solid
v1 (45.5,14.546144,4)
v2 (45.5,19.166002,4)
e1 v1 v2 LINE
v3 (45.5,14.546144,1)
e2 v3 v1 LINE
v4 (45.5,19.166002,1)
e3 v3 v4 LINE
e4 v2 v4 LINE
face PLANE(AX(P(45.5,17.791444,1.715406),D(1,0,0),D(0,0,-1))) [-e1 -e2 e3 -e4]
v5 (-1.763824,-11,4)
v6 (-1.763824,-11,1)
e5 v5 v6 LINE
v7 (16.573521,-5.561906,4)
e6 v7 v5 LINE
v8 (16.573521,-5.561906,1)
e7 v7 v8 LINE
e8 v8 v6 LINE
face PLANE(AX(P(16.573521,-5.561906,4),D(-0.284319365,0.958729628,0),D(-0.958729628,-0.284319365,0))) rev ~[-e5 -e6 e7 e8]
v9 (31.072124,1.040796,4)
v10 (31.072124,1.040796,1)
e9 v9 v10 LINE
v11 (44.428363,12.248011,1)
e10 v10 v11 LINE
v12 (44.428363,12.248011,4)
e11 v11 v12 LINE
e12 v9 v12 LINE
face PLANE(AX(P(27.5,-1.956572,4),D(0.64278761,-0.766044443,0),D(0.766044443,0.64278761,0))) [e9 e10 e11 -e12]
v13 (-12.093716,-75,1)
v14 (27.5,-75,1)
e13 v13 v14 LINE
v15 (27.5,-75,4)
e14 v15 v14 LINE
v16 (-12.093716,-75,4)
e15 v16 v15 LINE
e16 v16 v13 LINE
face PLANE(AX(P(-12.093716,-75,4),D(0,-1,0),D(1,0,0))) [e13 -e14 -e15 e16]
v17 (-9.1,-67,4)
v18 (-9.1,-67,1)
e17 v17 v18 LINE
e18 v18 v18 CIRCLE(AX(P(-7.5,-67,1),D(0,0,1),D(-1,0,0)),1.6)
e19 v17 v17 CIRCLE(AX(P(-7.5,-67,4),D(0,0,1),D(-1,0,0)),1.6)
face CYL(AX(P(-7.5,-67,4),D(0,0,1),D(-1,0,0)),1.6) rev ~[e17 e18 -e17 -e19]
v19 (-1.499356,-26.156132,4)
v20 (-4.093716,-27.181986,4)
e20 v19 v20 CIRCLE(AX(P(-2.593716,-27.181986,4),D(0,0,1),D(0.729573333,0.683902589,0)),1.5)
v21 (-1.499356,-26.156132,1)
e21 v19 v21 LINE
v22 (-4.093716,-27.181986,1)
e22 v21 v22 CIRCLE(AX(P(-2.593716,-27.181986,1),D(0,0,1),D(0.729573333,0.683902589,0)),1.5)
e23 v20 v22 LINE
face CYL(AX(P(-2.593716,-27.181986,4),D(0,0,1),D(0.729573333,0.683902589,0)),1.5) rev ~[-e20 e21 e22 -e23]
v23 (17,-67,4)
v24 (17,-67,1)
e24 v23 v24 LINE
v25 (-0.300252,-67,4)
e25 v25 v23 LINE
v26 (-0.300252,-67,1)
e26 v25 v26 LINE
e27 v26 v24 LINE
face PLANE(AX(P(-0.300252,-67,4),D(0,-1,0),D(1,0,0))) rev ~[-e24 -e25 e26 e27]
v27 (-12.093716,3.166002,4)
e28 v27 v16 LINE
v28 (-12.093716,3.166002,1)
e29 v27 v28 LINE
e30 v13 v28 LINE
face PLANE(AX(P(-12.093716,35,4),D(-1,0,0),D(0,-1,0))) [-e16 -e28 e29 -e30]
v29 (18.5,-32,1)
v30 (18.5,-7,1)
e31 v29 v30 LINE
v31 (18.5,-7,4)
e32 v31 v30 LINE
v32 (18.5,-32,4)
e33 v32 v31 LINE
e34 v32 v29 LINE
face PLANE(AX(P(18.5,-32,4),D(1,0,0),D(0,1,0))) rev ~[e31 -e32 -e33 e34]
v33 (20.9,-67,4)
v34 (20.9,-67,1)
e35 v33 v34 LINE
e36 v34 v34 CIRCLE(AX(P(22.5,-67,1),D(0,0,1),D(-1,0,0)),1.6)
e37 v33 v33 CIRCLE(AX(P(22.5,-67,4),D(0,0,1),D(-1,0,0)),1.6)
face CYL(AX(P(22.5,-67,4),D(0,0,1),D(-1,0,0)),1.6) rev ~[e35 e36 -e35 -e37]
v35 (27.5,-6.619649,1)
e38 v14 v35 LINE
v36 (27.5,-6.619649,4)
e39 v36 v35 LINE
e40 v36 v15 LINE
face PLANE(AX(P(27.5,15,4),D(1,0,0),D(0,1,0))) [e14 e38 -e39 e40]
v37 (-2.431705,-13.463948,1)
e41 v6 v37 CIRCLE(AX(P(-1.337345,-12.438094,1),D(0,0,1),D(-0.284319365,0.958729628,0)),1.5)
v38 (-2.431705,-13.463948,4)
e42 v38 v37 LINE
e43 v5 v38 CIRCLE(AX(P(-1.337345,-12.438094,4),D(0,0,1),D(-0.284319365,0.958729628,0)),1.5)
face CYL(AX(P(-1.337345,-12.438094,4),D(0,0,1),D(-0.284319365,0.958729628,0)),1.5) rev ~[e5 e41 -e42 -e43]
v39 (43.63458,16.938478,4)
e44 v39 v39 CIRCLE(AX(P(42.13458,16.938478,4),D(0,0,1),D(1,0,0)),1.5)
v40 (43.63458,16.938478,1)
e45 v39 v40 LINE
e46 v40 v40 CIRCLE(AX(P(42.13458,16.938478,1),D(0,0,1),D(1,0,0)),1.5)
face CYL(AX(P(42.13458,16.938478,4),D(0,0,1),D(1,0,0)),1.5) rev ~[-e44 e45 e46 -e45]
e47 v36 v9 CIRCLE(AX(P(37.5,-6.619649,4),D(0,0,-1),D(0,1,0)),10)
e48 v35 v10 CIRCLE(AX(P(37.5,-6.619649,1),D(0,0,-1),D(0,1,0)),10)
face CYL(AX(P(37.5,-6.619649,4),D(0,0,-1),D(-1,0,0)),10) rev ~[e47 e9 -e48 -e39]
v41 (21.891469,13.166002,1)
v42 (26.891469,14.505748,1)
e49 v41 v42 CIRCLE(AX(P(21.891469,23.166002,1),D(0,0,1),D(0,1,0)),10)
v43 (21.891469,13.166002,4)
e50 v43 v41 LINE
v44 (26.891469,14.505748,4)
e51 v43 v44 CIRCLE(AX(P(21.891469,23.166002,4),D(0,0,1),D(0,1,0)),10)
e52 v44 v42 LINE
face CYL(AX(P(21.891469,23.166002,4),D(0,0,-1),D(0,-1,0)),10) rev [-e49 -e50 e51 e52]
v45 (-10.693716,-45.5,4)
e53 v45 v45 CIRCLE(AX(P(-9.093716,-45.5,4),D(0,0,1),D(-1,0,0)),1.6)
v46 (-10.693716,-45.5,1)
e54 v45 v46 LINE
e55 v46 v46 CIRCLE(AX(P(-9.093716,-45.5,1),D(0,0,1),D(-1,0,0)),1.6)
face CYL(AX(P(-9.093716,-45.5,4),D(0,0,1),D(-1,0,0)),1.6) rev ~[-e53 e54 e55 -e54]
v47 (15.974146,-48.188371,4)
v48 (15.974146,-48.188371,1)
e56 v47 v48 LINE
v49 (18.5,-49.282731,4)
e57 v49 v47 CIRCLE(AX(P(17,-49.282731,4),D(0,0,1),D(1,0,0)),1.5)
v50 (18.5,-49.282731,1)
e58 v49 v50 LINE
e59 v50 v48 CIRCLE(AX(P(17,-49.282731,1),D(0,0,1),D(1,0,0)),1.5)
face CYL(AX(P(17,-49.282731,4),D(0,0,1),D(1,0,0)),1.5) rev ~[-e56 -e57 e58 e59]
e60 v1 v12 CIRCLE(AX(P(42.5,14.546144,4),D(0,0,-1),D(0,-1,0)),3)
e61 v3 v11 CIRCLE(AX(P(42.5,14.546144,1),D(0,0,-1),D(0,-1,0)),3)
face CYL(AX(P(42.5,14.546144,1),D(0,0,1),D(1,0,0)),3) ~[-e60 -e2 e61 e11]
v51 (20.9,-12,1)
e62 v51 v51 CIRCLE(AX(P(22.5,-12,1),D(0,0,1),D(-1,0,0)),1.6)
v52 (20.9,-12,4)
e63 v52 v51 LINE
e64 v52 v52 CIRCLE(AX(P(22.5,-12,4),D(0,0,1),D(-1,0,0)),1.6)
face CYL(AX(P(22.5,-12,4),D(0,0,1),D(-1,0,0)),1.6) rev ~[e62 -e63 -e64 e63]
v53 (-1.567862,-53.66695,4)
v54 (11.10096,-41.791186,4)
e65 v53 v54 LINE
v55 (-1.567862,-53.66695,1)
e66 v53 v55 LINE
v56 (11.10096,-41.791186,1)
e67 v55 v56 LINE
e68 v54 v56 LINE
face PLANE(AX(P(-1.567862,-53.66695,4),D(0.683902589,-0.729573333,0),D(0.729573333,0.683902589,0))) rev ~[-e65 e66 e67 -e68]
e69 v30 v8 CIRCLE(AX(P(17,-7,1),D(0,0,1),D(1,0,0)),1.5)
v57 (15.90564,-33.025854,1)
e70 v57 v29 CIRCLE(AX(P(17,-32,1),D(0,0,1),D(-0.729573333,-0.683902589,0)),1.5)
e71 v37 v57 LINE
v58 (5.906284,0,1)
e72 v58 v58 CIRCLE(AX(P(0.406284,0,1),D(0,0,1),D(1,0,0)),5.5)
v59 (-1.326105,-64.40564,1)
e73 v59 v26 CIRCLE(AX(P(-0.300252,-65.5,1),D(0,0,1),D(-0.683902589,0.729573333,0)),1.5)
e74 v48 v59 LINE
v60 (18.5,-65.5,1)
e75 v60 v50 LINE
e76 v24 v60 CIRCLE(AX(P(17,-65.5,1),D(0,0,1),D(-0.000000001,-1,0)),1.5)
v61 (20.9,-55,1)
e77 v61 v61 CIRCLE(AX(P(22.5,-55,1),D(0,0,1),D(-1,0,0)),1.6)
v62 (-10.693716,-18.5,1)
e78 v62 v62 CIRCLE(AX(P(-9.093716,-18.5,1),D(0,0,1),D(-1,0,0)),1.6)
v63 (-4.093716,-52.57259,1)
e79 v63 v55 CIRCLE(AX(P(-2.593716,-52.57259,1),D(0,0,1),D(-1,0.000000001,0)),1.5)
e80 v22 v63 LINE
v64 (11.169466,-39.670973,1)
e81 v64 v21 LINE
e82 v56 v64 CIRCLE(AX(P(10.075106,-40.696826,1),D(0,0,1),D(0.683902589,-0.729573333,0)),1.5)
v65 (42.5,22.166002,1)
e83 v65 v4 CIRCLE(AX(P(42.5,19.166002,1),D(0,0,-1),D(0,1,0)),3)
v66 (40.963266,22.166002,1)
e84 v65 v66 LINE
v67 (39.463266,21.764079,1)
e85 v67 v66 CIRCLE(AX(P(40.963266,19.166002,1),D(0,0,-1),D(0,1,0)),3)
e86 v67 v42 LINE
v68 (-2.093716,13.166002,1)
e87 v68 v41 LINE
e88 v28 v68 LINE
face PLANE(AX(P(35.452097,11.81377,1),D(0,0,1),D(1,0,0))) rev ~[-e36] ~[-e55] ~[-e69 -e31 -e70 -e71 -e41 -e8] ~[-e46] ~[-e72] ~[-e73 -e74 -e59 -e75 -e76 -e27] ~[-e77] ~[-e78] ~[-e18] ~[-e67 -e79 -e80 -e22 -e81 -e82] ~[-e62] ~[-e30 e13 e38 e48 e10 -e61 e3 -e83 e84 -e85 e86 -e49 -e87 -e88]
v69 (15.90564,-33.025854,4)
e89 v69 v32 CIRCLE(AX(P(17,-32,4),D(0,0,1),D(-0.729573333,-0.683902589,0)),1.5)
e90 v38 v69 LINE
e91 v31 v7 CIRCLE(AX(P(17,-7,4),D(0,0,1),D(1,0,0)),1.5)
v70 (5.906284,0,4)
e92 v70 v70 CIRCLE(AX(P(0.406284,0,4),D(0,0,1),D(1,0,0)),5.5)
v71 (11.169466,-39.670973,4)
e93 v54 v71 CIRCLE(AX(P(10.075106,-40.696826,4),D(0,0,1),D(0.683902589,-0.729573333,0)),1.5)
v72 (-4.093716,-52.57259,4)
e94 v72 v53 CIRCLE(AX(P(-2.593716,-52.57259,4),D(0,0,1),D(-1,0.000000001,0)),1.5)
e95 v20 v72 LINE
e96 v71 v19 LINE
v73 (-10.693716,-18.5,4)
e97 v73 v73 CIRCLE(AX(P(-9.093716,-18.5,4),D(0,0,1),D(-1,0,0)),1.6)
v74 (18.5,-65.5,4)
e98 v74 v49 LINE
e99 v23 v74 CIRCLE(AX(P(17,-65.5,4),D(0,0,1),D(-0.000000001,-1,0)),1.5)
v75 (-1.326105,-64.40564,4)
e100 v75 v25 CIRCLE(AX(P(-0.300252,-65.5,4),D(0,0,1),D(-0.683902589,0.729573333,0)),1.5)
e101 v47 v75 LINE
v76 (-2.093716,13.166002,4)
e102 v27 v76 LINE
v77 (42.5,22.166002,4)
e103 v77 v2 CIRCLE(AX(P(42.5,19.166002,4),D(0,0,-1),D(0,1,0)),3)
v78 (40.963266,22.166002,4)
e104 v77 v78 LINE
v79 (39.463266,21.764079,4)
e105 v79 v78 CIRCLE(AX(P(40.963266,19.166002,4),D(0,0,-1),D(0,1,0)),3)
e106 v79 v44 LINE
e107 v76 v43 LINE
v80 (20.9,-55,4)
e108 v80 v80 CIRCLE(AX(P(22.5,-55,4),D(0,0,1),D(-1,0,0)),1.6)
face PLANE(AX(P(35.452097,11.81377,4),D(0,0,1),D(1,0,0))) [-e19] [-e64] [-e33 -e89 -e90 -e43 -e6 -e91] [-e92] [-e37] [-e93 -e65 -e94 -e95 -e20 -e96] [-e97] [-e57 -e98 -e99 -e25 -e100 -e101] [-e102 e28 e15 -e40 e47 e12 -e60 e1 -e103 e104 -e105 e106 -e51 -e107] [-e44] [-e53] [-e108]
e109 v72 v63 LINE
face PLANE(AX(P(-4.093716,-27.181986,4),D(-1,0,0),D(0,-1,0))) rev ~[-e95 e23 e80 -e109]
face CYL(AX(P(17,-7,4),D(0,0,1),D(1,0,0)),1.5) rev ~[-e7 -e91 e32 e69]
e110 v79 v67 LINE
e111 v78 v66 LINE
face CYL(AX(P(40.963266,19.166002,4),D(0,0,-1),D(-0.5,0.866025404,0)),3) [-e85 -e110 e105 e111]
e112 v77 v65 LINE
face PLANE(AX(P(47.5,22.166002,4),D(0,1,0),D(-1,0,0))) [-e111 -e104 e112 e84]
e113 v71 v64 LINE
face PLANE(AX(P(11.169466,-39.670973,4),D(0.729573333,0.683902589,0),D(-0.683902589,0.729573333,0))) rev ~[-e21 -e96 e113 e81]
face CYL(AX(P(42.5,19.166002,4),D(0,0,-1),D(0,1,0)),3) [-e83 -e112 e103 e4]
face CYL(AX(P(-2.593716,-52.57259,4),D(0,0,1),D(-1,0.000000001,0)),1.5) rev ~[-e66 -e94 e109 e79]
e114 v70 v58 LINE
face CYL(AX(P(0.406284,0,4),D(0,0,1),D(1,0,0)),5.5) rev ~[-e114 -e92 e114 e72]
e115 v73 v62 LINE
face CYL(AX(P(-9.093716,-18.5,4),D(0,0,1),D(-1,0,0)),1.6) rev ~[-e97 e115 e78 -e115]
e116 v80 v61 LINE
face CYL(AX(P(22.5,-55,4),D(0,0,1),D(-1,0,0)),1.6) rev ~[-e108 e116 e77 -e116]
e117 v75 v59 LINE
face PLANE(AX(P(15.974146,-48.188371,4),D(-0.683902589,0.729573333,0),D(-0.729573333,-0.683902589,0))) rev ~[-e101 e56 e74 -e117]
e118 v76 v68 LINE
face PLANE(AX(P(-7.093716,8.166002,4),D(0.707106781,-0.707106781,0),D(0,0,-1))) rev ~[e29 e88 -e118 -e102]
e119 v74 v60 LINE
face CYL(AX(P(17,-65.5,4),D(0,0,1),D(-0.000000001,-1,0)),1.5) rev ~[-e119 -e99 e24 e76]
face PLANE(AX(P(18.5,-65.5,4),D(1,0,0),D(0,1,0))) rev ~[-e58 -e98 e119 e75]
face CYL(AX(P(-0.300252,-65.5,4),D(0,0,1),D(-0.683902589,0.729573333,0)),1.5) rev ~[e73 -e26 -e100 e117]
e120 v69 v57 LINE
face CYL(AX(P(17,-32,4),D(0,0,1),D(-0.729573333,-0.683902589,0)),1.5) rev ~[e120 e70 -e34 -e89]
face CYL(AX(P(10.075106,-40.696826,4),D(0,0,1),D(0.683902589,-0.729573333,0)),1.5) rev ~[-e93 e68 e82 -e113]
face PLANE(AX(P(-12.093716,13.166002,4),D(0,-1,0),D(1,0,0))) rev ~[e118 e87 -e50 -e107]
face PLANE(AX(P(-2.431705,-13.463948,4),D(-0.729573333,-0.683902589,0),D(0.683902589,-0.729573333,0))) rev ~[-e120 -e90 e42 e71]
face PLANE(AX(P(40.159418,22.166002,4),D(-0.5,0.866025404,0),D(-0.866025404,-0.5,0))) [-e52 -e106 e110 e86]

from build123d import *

# Parameters (mm, degrees)
SKETCH_1_R          = 1.6
SKETCH_1_R_2        = 6.075
EXTRUDE_1_DEPTH     = 3
SKETCH_6_R          = 6.075
SKETCH_6_R_2        = 5.5
EXTRUDE_3_DEPTH     = 3
CUT_EXTRUDE_3_DEPTH = 10
EXTRUDE_4_DEPTH     = 3
CUT_EXTRUDE_4_DEPTH = 10
EXTRUDE_5_DEPTH     = 3
SKETCH_11_R         = 1.5
CUT_EXTRUDE_5_DEPTH = 10
SKETCH1_W           = 13.017216885
SKETCH1_H           = 13.916417238
CUT_EXTRUDE1_DEPTH  = 2
CHAMFER1_SIZE       = 10
FILLET1_R           = 10
FILLET2_R           = 3


with BuildPart() as part:
    # 草图1 → 凸台-拉伸1 (new body)
    with BuildSketch(Plane.XY.offset(4)):
        Polygon((27.5, -75), (27.5, -38.070079149), (27.5, 15), (-12.093715748, 15), (-12.093715748, -75), align=None)
        with Locations(Location((22.5, -12, 0), (0, 0, 180))):
            Circle(SKETCH_1_R, mode=Mode.SUBTRACT)
        with Locations(Location((22.5, -55, 0), (0, 0, 180))):
            Circle(SKETCH_1_R, mode=Mode.SUBTRACT)
        with Locations(Location((22.5, -67, 0), (0, 0, 180))):
            Circle(SKETCH_1_R, mode=Mode.SUBTRACT)
        with Locations(Location((-7.5, -67, 0), (0, 0, 180))):
            Circle(SKETCH_1_R, mode=Mode.SUBTRACT)
        with Locations(Location((-9.093715748, -18.5, 0), (0, 0, 180))):
            Circle(SKETCH_1_R, mode=Mode.SUBTRACT)
        with Locations(Location((0.406284252, 0, 0), (0, 0, 180))):
            Circle(SKETCH_1_R_2, mode=Mode.SUBTRACT)
        with Locations(Location((-9.093715748, -45.5, 0), (0, 0, 180))):
            Circle(SKETCH_1_R, mode=Mode.SUBTRACT)
    extrude(amount=-EXTRUDE_1_DEPTH)

    # 草图6 → 凸台-拉伸3 (add)
    with BuildSketch(Plane.XY.offset(4)):
        with Locations((0.406284252, 0)):
            Circle(SKETCH_6_R)
        with Locations((0.406284252, 0)):
            Circle(SKETCH_6_R_2, mode=Mode.SUBTRACT)
    extrude(amount=-EXTRUDE_3_DEPTH)

    # 草图7 → 切除-拉伸3 (cut)
    with BuildSketch(Plane.XY.offset(4)):
        with BuildLine():
            Line((16.573520953, -5.561905559), (-1.763823971, -11))
            ThreePointArc((-1.763823971, -11), (-2.785101184, -12.045663796), (-2.431704924, -13.463948325))
            Line((-2.431704924, -13.463948325), (15.90564, -33.025853884))
            ThreePointArc((15.90564, -33.025853884), (17.551570485, -33.394908599), (18.5, -32))
            Line((18.5, -32), (18.5, -7))
            ThreePointArc((18.5, -7), (17.897296336, -5.797977003), (16.573520953, -5.561905559))
        make_face()
        with BuildLine():
            Line((-4.093715748, -27.181985619), (-4.093715748, -52.572589617))
            ThreePointArc((-4.093715748, -52.572589617), (-3.190045848, -53.948958177), (-1.567861865, -53.666949617))
            Line((-1.567861865, -53.666949617), (11.100960059, -41.791186455))
            ThreePointArc((11.100960059, -41.791186455), (11.57432379, -40.745267595), (11.169466175, -39.670972572))
            Line((11.169466175, -39.670972572), (-1.499355748, -26.156131735))
            ThreePointArc((-1.499355748, -26.156131735), (-3.145286233, -25.78707702), (-4.093715748, -27.181985619))
        make_face()
        with BuildLine():
            Line((15.974146116, -48.188371256), (-1.326105415, -64.40564))
            ThreePointArc((-1.326105415, -64.40564), (-1.69516013, -66.051570485), (-0.300251531, -67))
            Line((-0.300251531, -67), (17, -67))
            ThreePointArc((17, -67), (18.060660172, -66.560660172), (18.5, -65.5))
            Line((18.5, -65.5), (18.5, -49.282731256))
            ThreePointArc((18.5, -49.282731256), (17.596330099, -47.906362696), (15.974146116, -48.188371256))
        make_face()
    extrude(amount=-CUT_EXTRUDE_3_DEPTH, mode=Mode.SUBTRACT)

    # 草图8 → 凸台-拉伸4 (add)
    with BuildSketch(Plane.XY.offset(4)):
        Polygon((-12.093715748, 15), (15.09823702, 15), (27.5, 15), (27.5, 35), (15.09823702, 35), (-12.093715748, 35), align=None)
    extrude(amount=-EXTRUDE_4_DEPTH)

    # 草图9 → 切除-拉伸4 (cut)
    with BuildSketch(Plane.XY.offset(4)):
        Polygon((27.5, 13.166002361), (27.5, 35), (9.950271794, 35), (-3.087828752, 35), (-12.093715748, 35), (-12.093715748, 24.5099793), (-12.093715748, 13.166002361), align=None)
    extrude(amount=-CUT_EXTRUDE_4_DEPTH, mode=Mode.SUBTRACT)

    # 草图10 → 凸台-拉伸5 (add)
    with BuildSketch(Plane.XY.offset(4)):
        Polygon((27.5, 13.166002361), (27.5, 2.997829135), (27.5, -1.956571947), (47.5, 14.825420677), (47.5, 22.166002361), (40.159418315, 22.166002361), (24.570961047, 13.166002361), align=None)
    extrude(amount=-EXTRUDE_5_DEPTH)

    # 草图11 → 切除-拉伸5 (cut)
    with BuildSketch(Plane.XY.offset(4)):
        with Locations((42.134580189, 16.938478334)):
            Circle(SKETCH_11_R)
    extrude(amount=-CUT_EXTRUDE_5_DEPTH, mode=Mode.SUBTRACT)

    # Sketch1 → Cut-Extrude1 (cut)
    with BuildSketch(Plane(origin=(47.5, 0, 0), x_dir=(0, 0, -1), z_dir=(1, 0, 0))):
        with Locations((-1.715406072, 17.791444366)):
            Rectangle(SKETCH1_W, SKETCH1_H)
    extrude(amount=-CUT_EXTRUDE1_DEPTH, mode=Mode.SUBTRACT)

    # Chamfer1
    chamfer1_edges = [part.edges().sort_by_distance(p)[0] for p in [
        (-12.093715748, 13.166002361, 2.5),
    ]]
    chamfer(chamfer1_edges, length=CHAMFER1_SIZE)

    # Fillet1
    fillet1_edges = [part.edges().sort_by_distance(p)[0] for p in [
        (27.5, -1.956571947, 2.5),
        (24.570961047, 13.166002361, 2.5),
    ]]
    fillet(fillet1_edges, radius=FILLET1_R)

    # Fillet2
    fillet2_edges = [part.edges().sort_by_distance(p)[0] for p in [
        (40.159418315, 22.166002361, 2.5),
        (45.5, 13.147221414, 2.5),
        (45.5, 22.166002361, 2.5),
    ]]
    fillet(fillet2_edges, radius=FILLET2_R)


solid = part.part
